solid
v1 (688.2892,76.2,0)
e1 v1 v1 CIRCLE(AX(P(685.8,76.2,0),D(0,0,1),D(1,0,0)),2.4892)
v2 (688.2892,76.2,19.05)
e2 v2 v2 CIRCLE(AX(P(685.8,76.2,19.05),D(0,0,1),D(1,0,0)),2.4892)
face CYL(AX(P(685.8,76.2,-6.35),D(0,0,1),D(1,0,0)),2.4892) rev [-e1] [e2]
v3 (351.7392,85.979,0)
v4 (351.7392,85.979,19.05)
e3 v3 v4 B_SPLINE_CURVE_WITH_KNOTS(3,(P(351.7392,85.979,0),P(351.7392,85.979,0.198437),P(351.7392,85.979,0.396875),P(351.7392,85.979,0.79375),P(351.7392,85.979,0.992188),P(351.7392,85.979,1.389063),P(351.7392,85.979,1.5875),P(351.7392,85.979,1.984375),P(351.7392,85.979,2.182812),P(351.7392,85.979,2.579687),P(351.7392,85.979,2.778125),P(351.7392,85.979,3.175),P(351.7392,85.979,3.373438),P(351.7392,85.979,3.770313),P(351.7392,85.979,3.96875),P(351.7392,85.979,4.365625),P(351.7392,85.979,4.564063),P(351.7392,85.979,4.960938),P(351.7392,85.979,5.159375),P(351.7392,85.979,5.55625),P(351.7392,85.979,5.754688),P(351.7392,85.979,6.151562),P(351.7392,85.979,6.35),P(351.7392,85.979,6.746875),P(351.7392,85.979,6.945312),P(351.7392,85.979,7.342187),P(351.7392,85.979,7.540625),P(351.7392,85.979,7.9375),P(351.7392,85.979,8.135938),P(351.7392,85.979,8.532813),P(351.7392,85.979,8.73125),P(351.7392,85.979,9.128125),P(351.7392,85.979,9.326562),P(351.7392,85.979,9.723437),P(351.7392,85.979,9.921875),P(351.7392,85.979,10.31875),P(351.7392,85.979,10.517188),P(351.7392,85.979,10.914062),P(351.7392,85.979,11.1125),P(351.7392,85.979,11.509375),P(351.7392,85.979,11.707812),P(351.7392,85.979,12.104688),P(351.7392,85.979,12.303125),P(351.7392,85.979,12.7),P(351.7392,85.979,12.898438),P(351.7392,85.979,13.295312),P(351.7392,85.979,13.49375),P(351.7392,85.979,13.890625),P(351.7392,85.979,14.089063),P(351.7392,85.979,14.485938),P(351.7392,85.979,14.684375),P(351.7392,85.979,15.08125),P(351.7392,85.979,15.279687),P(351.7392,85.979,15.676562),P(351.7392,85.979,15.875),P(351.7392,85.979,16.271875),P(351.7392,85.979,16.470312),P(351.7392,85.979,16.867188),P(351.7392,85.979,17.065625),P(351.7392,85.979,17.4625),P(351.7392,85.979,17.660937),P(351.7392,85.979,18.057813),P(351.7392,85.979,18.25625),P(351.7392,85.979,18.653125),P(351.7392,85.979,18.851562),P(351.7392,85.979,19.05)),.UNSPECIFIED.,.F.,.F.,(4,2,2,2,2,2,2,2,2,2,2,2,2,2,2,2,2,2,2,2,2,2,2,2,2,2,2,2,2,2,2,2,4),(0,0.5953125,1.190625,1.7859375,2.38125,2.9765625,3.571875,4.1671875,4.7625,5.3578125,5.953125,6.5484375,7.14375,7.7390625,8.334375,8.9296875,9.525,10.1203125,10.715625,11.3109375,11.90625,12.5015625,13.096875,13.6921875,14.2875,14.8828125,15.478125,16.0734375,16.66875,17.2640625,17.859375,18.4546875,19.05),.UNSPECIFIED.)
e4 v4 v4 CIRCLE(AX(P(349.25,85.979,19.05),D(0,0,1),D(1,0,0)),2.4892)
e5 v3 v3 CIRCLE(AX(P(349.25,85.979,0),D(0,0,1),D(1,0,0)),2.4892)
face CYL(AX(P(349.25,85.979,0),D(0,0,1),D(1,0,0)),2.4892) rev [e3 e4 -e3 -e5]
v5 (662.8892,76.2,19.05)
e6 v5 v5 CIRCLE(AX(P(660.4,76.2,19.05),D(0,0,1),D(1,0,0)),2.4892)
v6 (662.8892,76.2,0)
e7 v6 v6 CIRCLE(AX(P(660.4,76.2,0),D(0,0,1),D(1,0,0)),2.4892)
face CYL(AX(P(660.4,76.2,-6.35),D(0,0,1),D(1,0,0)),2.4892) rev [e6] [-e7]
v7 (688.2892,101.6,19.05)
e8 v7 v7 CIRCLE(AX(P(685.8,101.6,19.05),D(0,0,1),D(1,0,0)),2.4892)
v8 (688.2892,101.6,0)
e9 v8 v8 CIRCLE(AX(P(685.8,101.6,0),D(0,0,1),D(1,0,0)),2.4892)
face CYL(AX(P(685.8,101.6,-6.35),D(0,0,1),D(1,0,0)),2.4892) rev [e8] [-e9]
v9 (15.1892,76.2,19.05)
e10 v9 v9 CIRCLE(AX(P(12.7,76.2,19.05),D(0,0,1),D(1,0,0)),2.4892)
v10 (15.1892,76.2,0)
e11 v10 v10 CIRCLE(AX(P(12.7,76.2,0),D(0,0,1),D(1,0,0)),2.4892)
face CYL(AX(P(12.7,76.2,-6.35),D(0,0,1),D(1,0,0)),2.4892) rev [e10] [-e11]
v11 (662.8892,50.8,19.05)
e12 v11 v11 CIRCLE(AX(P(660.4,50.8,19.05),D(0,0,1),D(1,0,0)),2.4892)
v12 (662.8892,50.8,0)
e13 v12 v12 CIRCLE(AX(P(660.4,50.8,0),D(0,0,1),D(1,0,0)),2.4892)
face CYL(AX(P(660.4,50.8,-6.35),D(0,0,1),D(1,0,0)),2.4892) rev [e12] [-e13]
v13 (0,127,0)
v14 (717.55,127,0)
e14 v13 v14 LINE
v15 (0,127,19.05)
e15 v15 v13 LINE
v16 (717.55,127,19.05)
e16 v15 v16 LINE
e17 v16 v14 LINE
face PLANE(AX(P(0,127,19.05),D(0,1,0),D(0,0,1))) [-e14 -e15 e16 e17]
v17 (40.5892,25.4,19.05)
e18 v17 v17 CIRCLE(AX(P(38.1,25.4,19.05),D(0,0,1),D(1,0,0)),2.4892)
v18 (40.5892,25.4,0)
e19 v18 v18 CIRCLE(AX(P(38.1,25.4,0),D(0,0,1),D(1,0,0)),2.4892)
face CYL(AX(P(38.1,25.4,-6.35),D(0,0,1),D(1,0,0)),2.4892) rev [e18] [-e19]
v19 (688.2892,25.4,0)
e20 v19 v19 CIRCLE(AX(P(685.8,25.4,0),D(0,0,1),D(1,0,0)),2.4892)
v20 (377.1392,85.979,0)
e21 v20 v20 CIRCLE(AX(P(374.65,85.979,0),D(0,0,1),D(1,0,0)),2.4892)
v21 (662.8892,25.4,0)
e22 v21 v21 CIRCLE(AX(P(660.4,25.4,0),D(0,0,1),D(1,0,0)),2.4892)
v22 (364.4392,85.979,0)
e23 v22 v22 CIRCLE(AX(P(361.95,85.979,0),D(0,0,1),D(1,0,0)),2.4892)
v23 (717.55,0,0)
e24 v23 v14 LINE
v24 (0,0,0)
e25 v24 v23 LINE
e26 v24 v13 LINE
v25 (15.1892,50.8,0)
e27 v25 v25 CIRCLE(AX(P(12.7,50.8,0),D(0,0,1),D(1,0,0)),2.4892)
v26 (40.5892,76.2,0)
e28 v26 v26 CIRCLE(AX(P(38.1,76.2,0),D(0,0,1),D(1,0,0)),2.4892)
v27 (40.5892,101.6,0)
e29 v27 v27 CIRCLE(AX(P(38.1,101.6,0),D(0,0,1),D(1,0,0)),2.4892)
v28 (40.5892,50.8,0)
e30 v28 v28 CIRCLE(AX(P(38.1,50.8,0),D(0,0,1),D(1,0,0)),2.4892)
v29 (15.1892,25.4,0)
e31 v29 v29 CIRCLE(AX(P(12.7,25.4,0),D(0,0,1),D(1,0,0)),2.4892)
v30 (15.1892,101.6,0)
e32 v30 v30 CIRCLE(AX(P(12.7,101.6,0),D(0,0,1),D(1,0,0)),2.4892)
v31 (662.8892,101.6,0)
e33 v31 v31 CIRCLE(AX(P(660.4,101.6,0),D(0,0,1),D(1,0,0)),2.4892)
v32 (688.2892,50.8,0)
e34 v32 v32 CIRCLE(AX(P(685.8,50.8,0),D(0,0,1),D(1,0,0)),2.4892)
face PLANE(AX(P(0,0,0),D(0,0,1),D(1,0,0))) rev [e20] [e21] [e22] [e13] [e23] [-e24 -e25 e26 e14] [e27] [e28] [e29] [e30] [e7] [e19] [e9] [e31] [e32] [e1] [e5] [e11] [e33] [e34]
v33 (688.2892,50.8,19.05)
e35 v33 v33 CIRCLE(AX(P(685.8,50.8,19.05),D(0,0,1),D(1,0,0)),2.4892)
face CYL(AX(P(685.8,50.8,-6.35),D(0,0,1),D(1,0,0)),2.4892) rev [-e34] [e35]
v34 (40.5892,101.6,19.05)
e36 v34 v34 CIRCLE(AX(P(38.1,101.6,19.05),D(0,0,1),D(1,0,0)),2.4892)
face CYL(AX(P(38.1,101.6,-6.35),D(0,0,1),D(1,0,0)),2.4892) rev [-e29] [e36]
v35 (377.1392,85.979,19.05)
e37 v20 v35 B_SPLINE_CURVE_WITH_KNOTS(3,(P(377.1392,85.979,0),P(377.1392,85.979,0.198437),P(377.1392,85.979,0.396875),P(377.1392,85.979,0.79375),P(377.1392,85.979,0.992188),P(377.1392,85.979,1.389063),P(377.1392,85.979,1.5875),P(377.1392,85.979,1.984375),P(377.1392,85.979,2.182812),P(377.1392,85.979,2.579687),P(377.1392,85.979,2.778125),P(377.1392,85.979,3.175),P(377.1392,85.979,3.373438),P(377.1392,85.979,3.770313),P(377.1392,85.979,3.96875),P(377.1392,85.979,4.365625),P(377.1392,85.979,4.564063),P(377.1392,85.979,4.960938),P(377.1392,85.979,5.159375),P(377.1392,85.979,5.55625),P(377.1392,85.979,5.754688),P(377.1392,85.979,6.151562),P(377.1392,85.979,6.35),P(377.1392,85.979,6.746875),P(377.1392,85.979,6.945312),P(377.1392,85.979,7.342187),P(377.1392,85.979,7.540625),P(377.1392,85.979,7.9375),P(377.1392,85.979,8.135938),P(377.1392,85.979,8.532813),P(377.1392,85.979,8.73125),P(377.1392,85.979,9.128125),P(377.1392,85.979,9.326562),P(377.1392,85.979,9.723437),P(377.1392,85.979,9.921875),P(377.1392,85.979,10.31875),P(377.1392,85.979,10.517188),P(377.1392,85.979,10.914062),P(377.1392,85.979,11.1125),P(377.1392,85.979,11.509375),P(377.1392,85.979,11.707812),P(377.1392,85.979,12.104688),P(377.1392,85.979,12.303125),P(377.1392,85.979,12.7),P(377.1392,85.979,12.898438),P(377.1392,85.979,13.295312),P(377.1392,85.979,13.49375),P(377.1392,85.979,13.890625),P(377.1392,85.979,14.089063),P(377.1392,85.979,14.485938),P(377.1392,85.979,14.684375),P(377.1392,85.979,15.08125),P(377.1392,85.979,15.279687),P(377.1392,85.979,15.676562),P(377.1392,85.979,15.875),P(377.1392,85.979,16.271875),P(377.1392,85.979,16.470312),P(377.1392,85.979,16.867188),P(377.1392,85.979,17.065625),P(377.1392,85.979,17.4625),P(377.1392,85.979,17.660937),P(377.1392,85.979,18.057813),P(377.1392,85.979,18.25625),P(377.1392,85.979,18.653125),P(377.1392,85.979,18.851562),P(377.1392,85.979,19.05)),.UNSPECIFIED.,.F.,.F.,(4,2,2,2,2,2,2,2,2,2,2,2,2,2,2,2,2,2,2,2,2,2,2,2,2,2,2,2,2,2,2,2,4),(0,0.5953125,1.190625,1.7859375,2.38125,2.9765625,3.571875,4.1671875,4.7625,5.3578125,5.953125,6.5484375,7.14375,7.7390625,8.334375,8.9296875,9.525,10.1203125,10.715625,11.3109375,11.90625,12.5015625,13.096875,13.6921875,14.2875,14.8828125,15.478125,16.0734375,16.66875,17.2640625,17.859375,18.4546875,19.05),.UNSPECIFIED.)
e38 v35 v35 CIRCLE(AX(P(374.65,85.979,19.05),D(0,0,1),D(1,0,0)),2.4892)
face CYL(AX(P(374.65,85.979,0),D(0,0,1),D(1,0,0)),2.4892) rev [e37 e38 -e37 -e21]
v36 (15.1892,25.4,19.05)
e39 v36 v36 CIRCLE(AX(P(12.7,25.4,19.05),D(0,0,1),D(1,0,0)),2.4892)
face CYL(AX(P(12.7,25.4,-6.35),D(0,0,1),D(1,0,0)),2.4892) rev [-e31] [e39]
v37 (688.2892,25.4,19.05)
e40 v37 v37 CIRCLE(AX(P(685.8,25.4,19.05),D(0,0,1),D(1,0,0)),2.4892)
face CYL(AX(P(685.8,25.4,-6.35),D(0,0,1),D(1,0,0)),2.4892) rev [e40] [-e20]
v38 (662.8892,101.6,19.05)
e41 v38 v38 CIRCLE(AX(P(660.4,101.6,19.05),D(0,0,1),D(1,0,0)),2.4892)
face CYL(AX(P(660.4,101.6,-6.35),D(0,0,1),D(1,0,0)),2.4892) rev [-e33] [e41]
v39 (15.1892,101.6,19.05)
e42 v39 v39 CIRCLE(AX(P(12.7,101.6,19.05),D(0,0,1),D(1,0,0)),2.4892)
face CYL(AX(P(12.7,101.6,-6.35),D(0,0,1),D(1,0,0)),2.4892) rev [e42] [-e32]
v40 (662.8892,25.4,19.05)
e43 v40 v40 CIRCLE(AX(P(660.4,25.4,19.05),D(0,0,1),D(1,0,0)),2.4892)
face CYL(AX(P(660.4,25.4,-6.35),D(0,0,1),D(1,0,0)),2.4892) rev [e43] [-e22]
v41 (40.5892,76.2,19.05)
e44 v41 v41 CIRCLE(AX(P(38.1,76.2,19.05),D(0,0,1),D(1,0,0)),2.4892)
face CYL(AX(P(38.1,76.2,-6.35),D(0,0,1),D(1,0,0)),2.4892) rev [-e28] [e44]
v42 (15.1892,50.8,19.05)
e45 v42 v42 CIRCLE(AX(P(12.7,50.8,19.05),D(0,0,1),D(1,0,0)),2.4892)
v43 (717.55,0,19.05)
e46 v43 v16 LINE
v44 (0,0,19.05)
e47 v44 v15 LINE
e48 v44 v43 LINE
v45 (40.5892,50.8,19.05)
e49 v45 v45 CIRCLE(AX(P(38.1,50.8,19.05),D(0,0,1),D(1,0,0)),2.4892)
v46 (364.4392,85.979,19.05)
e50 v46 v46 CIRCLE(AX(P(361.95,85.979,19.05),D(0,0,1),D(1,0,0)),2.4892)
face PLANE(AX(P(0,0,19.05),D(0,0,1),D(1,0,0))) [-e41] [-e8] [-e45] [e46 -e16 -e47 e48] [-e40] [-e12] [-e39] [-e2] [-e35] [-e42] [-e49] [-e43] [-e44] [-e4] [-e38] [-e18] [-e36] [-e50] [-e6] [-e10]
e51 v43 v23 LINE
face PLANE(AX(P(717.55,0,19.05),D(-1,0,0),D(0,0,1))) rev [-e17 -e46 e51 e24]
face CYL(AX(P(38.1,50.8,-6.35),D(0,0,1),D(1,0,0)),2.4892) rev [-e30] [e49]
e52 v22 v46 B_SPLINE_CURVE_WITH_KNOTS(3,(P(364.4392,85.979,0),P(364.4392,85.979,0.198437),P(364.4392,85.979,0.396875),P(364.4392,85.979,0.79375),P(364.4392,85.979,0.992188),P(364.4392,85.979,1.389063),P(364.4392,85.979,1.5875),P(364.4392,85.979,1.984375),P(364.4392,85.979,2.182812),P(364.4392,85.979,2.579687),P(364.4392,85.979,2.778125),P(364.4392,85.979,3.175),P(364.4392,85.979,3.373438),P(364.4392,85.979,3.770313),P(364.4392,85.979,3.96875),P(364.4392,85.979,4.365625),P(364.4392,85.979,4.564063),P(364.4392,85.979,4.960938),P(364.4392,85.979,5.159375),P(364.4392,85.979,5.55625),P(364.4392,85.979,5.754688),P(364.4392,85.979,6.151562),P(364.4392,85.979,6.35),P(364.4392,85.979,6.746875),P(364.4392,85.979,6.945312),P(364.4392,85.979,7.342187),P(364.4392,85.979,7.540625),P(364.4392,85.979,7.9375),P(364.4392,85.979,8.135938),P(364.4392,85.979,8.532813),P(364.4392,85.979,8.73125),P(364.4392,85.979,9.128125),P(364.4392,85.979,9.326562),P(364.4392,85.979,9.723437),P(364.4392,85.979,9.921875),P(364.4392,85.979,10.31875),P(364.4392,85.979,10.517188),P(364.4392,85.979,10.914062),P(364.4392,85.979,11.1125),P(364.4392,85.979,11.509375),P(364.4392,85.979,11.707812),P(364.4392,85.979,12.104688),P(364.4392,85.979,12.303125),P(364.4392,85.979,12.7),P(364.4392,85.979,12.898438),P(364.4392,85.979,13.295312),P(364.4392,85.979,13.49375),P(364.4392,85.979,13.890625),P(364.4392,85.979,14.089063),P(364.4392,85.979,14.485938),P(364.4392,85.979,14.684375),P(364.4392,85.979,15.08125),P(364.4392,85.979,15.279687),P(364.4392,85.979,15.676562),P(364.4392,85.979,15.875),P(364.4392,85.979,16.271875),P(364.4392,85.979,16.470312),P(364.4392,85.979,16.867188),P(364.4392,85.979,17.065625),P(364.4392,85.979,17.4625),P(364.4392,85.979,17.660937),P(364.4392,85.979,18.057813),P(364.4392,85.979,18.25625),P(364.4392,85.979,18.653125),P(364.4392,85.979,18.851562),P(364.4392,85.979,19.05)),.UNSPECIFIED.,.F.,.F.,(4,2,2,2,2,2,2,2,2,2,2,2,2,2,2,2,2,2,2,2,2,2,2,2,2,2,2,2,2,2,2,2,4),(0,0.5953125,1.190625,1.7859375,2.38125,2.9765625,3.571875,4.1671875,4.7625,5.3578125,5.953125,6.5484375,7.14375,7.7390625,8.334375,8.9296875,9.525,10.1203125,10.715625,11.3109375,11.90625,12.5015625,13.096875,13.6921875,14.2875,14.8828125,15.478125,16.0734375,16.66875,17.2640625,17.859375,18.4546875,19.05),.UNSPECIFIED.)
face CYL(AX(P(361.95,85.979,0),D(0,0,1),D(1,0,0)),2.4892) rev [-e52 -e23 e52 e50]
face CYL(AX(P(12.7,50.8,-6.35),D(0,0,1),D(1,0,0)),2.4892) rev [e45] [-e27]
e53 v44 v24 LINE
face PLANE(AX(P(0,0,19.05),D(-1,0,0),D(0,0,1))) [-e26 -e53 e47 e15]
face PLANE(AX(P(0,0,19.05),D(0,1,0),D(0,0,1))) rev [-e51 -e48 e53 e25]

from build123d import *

# Parameters (mm, degrees)
SKETCH1_W           = 717.55
SKETCH1_H           = 127
BOSS_EXTRUDE1_DEPTH = 19.05
SKETCH2_R           = 2.4892
CUT_EXTRUDE1_DEPTH  = 25.4
SKETCH4_R           = 2.4892
CUT_EXTRUDE2_DEPTH  = 729.951236366


with BuildPart() as part:
    # Sketch1 → Boss-Extrude1 (new body)
    with BuildSketch(Plane.XY):
        with Locations((358.775, 63.5)):
            Rectangle(SKETCH1_W, SKETCH1_H)
    extrude(amount=BOSS_EXTRUDE1_DEPTH)

    # Sketch2 → Cut-Extrude1 (cut)
    with BuildSketch(Plane.XY.offset(19.05)):
        with Locations((12.7, 101.6)):
            Circle(SKETCH2_R)
        with Locations((38.1, 101.6)):
            Circle(SKETCH2_R)
        with Locations((38.1, 76.2)):
            Circle(SKETCH2_R)
        with Locations((38.1, 50.8)):
            Circle(SKETCH2_R)
        with Locations((38.1, 25.4)):
            Circle(SKETCH2_R)
        with Locations((12.7, 76.2)):
            Circle(SKETCH2_R)
        with Locations((12.7, 50.8)):
            Circle(SKETCH2_R)
        with Locations((12.7, 25.4)):
            Circle(SKETCH2_R)
        with Locations((685.8, 101.6)):
            Circle(SKETCH2_R)
        with Locations((660.4, 101.6)):
            Circle(SKETCH2_R)
        with Locations((660.4, 76.2)):
            Circle(SKETCH2_R)
        with Locations((660.4, 50.8)):
            Circle(SKETCH2_R)
        with Locations((660.4, 25.4)):
            Circle(SKETCH2_R)
        with Locations((685.8, 76.2)):
            Circle(SKETCH2_R)
        with Locations((685.8, 50.8)):
            Circle(SKETCH2_R)
        with Locations((685.8, 25.4)):
            Circle(SKETCH2_R)
    extrude(amount=-CUT_EXTRUDE1_DEPTH, mode=Mode.SUBTRACT)

    # Sketch4 → Cut-Extrude2 (cut, through all)
    with BuildSketch(Plane.XY.offset(19.05)):
        with Locations((349.25, 85.979)):
            Circle(SKETCH4_R)
        with Locations((361.95, 85.979)):
            Circle(SKETCH4_R)
        with Locations((374.65, 85.979)):
            Circle(SKETCH4_R)
    extrude(amount=-CUT_EXTRUDE2_DEPTH, mode=Mode.SUBTRACT)


solid = part.part
